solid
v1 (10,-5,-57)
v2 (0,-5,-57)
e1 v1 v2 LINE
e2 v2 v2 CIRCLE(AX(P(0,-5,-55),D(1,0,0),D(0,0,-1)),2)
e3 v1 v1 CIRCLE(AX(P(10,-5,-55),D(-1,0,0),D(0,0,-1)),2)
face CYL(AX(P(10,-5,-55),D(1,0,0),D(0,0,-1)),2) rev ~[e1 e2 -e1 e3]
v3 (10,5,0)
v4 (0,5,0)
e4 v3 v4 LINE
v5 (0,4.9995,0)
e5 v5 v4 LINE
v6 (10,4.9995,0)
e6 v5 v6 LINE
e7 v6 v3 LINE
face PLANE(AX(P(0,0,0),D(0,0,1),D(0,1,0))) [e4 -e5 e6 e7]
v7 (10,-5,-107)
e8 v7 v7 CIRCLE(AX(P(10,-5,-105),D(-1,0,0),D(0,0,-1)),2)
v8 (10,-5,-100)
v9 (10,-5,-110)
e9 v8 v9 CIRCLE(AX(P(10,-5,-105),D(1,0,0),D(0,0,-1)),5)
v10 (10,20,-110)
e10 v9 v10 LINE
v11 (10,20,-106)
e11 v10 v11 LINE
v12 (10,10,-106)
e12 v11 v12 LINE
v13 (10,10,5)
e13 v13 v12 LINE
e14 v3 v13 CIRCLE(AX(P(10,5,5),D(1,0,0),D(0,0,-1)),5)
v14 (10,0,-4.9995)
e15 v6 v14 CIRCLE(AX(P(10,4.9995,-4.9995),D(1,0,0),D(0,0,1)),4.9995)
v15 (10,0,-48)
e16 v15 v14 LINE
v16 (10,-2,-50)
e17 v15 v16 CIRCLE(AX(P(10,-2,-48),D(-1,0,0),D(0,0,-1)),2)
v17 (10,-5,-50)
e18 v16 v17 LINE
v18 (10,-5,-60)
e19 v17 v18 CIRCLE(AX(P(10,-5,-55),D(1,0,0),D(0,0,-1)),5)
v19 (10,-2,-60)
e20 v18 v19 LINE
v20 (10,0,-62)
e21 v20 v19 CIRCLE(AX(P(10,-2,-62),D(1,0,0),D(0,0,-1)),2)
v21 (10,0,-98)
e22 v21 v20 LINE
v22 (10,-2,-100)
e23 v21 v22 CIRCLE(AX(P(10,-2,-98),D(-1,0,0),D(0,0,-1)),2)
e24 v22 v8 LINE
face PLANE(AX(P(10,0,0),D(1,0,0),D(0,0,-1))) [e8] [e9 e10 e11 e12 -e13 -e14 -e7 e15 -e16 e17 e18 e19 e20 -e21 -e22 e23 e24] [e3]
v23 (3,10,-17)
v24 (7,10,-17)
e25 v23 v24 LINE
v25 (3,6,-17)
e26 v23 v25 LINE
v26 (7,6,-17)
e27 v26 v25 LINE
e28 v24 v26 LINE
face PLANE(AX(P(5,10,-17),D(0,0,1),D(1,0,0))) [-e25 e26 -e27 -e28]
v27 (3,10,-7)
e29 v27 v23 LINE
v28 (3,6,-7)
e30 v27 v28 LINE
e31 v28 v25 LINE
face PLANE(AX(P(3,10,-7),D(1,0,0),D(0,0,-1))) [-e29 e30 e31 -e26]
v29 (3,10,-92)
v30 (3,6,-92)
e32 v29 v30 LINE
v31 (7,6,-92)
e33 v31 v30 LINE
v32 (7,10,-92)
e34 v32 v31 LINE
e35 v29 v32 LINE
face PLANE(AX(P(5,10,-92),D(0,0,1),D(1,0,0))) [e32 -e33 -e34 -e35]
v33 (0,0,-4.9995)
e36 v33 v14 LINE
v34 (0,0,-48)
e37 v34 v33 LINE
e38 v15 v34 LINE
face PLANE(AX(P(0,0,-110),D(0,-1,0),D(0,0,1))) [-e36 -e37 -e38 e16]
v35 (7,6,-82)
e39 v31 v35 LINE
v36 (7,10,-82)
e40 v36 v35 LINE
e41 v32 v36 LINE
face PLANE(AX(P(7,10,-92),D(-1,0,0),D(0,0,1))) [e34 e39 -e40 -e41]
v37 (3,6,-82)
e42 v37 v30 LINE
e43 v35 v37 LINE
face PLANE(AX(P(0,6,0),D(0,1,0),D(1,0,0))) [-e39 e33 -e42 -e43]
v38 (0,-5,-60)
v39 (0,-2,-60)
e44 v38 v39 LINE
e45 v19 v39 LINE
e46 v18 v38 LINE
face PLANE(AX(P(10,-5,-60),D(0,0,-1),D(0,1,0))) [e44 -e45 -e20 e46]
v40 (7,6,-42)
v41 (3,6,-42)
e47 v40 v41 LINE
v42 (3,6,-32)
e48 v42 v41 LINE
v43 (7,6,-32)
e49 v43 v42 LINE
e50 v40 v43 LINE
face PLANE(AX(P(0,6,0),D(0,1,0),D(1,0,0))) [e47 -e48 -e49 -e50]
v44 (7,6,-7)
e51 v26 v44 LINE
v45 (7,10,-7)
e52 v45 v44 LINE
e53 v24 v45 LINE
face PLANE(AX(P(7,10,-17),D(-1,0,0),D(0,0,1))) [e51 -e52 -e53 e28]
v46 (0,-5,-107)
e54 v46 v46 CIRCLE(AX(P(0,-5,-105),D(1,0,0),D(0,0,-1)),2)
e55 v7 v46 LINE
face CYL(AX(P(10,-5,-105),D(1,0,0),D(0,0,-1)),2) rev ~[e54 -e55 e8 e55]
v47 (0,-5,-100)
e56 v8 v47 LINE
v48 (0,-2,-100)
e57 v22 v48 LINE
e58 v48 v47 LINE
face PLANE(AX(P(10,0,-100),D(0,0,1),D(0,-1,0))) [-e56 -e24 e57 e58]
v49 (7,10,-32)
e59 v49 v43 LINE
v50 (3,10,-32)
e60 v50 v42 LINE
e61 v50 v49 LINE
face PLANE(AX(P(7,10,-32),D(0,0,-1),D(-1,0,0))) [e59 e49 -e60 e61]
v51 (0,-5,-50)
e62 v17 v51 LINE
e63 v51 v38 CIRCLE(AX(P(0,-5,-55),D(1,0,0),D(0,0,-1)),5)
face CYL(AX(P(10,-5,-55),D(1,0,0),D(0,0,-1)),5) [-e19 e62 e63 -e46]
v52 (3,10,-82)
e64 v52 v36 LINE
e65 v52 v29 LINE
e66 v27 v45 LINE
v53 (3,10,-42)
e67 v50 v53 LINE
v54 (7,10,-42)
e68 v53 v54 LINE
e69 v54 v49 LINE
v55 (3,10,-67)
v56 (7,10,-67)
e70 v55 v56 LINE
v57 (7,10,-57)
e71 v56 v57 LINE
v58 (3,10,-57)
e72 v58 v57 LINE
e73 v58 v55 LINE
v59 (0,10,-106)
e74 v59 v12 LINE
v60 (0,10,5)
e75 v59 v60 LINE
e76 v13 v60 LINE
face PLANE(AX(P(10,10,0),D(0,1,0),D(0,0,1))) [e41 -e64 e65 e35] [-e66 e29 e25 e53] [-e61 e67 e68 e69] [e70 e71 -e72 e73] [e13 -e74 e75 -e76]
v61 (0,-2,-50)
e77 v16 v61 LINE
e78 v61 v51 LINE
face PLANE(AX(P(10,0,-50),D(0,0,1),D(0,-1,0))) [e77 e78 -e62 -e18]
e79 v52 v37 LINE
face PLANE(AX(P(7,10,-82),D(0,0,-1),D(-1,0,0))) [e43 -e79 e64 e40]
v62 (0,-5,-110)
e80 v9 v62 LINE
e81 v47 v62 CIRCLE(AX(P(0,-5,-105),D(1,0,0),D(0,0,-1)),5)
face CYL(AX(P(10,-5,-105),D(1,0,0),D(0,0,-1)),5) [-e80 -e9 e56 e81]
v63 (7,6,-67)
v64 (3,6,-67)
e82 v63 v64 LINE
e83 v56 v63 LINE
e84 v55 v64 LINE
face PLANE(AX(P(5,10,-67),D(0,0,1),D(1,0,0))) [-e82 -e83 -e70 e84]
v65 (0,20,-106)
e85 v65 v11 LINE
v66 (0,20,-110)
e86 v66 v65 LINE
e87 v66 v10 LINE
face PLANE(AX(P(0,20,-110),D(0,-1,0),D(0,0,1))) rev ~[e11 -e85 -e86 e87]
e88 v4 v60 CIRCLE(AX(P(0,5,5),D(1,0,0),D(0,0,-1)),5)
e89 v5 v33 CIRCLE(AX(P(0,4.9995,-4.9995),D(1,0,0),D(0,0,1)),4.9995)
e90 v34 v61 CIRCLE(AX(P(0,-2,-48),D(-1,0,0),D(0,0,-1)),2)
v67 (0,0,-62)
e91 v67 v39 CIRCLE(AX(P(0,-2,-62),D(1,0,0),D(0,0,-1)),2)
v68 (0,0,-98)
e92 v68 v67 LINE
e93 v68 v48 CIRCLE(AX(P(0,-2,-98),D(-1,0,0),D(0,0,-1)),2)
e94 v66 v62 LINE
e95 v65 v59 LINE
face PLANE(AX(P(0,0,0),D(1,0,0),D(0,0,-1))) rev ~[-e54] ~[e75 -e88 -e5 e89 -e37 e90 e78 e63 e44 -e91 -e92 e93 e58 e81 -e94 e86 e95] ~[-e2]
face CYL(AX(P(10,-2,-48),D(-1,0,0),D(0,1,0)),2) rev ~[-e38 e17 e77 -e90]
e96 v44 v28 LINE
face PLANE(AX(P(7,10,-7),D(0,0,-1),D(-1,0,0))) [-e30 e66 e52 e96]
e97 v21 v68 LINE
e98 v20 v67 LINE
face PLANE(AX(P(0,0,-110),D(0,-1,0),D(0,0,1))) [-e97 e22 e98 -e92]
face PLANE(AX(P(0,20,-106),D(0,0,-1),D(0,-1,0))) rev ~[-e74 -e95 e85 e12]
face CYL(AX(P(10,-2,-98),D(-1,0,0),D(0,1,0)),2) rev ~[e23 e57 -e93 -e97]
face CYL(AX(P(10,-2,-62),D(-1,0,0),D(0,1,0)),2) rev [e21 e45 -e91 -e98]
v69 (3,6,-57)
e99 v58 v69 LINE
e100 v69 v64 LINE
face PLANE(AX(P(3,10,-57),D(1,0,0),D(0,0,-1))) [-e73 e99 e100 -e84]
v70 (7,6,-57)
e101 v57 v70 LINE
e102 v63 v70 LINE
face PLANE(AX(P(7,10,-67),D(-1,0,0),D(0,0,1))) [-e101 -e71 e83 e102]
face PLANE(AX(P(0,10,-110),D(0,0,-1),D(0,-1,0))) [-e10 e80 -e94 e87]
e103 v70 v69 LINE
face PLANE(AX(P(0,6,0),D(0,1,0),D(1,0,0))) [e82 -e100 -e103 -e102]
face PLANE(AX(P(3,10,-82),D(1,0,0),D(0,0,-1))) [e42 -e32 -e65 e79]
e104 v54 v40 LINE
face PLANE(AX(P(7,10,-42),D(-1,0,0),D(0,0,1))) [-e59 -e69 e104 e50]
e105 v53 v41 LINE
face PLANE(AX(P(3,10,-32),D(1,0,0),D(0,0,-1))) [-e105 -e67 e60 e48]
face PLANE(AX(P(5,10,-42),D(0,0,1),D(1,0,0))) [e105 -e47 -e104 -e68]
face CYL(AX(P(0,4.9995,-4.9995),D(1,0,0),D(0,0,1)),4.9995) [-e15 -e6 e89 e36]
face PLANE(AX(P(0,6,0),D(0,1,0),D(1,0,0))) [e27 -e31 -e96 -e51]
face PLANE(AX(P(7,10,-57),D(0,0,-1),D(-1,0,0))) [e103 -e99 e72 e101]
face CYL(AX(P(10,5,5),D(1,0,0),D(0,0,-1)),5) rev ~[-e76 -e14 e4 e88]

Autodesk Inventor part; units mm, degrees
ref_plane "YZ Plane" through (0, 0, 0) normal (1, 0, 0) x (0, 1, 0)
ref_plane "XZ Plane" through (0, 0, 0) normal (0, 1, 0) x (-1, 0, 0)
ref_plane "XY Plane" through (0, 0, 0) normal (0, 0, 1) x (1, 0, 0)
sketch "Эскиз1" plane through (0, 0, 0) normal (1, 0, 0) x (0, 1, 0)
  line L0 (0, 0) -> (10, 0)
  line L1 (10, 0) -> (10, -110)
  line L2 (10, -110) -> (0, -110)
  line L3 (0, -110) -> (0, 0)
  line L4 (10, -110) -> (20, -110)
  line L5 (20, -110) -> (20, -106)
  line L6 (20, -106) -> (10, -106)
  line L7 (10, -106) -> (10, -110)
  dimension "d0" = 110
  dimension "d1" = 10
  dimension "d2" = 4
  dimension "d3" = 10
extrude "Выдавливание1" add sketch "Эскиз1" along normal blind 10
sketch "Эскиз2" plane through (0, 10, 0) normal (0, 1, 0) x (1, 0, 0)
  line L0 (0, 106) -> (10, 106) projected
  line L1 (5, 106) -> (5, 0)
  line L2 (0, 0) -> (10, 0) projected
  line L3 (7, 82) -> (3, 82)
  line L4 (3, 82) -> (3, 92)
  line L5 (3, 92) -> (7, 92)
  line L6 (7, 92) -> (7, 82)
  line L7 (7, 57) -> (3, 57)
  line L8 (3, 57) -> (3, 67)
  line L9 (3, 67) -> (7, 67)
  line L10 (7, 67) -> (7, 57)
  line L11 (7, 32) -> (3, 32)
  line L12 (3, 32) -> (3, 42)
  line L13 (3, 42) -> (7, 42)
  line L14 (7, 42) -> (7, 32)
  line L15 (7, 7) -> (3, 7)
  line L16 (3, 7) -> (3, 17)
  line L17 (3, 17) -> (7, 17)
  line L18 (7, 17) -> (7, 7)
  dimension "d6" = 10
  dimension "d7" = 10
  dimension "d8" = 10
  dimension "d9" = 10
  dimension "d10" = 4
  dimension "d11" = 4
  dimension "d12" = 4
  dimension "d13" = 14
  dimension "d14" = 15
  dimension "d15" = 15
  dimension "d16" = 15
extrude "Выдавливание2" cut sketch "Эскиз2" against normal blind 4
sketch "Эскиз3" plane through (10, 0, 0) normal (1, 0, 0) x (0, 0, -1)
  line L0 (106, 10) -> (0, 10) projected
  line L1 (0, 10) -> (-10, 10)
  line L2 (-10, 10) -> (-10, 0)
  line L3 (-10, 0) -> (0, 0)
  line L4 (0, 0) -> (0, 10)
  circle A0 centre (-5, 5) radius 5
  point P0 (-5, 10)
  point P1 (0, 5)
  dimension "d19" = 10
extrude "Выдавливание3" add sketch "Эскиз3" against normal blind 10 contours L4 A0 L1
fillet "Сопряжение1" radius 5 1 edges at (5, 0, 0)
sketch "Эскиз4" plane through (10, 0, 0) normal (1, 0, 0) x (0, 0, -1)
  line L0 (110, 0) -> (100, 0)
  line L1 (100, 0) -> (100, -5)
  line L2 (100, -5) -> (110, -5)
  line L3 (110, -5) -> (110, 0)
  circle A0 centre (105, -5) radius 5
  circle A1 centre (105, -5) radius 2
  line L4 (5, 0) -> (110, 0) projected
  line L5 (60, 0) -> (50, 0)
  line L6 (50, 0) -> (50, -5)
  line L7 (50, -5) -> (60, -5)
  line L8 (60, -5) -> (60, 0)
  circle A2 centre (55, -5) radius 5
  circle A3 centre (55, -5) radius 2
  point P0 (0, 0)
  dimension "d23" = 10
  dimension "d24" = 5
  dimension "d25" = 4
  dimension "d26" = 10
  dimension "d27" = 5
  dimension "d28" = 4
  dimension "d29" = 40
extrude "Выдавливание4" add sketch "Эскиз4" against normal blind 10 contours L3 A0 L0 | L8 A2 L4 | A0 L1 L0 | A0 L2 A1 | A0 L2 A1 | A2 L6 L4 | A2 L7 A3 | A2 L7 A3
fillet "Сопряжение2" radius 2 3 edges at (5, 0, -100) (5, 0, -50) (5, 0, -60)
properties part number "держак середины пушки"
